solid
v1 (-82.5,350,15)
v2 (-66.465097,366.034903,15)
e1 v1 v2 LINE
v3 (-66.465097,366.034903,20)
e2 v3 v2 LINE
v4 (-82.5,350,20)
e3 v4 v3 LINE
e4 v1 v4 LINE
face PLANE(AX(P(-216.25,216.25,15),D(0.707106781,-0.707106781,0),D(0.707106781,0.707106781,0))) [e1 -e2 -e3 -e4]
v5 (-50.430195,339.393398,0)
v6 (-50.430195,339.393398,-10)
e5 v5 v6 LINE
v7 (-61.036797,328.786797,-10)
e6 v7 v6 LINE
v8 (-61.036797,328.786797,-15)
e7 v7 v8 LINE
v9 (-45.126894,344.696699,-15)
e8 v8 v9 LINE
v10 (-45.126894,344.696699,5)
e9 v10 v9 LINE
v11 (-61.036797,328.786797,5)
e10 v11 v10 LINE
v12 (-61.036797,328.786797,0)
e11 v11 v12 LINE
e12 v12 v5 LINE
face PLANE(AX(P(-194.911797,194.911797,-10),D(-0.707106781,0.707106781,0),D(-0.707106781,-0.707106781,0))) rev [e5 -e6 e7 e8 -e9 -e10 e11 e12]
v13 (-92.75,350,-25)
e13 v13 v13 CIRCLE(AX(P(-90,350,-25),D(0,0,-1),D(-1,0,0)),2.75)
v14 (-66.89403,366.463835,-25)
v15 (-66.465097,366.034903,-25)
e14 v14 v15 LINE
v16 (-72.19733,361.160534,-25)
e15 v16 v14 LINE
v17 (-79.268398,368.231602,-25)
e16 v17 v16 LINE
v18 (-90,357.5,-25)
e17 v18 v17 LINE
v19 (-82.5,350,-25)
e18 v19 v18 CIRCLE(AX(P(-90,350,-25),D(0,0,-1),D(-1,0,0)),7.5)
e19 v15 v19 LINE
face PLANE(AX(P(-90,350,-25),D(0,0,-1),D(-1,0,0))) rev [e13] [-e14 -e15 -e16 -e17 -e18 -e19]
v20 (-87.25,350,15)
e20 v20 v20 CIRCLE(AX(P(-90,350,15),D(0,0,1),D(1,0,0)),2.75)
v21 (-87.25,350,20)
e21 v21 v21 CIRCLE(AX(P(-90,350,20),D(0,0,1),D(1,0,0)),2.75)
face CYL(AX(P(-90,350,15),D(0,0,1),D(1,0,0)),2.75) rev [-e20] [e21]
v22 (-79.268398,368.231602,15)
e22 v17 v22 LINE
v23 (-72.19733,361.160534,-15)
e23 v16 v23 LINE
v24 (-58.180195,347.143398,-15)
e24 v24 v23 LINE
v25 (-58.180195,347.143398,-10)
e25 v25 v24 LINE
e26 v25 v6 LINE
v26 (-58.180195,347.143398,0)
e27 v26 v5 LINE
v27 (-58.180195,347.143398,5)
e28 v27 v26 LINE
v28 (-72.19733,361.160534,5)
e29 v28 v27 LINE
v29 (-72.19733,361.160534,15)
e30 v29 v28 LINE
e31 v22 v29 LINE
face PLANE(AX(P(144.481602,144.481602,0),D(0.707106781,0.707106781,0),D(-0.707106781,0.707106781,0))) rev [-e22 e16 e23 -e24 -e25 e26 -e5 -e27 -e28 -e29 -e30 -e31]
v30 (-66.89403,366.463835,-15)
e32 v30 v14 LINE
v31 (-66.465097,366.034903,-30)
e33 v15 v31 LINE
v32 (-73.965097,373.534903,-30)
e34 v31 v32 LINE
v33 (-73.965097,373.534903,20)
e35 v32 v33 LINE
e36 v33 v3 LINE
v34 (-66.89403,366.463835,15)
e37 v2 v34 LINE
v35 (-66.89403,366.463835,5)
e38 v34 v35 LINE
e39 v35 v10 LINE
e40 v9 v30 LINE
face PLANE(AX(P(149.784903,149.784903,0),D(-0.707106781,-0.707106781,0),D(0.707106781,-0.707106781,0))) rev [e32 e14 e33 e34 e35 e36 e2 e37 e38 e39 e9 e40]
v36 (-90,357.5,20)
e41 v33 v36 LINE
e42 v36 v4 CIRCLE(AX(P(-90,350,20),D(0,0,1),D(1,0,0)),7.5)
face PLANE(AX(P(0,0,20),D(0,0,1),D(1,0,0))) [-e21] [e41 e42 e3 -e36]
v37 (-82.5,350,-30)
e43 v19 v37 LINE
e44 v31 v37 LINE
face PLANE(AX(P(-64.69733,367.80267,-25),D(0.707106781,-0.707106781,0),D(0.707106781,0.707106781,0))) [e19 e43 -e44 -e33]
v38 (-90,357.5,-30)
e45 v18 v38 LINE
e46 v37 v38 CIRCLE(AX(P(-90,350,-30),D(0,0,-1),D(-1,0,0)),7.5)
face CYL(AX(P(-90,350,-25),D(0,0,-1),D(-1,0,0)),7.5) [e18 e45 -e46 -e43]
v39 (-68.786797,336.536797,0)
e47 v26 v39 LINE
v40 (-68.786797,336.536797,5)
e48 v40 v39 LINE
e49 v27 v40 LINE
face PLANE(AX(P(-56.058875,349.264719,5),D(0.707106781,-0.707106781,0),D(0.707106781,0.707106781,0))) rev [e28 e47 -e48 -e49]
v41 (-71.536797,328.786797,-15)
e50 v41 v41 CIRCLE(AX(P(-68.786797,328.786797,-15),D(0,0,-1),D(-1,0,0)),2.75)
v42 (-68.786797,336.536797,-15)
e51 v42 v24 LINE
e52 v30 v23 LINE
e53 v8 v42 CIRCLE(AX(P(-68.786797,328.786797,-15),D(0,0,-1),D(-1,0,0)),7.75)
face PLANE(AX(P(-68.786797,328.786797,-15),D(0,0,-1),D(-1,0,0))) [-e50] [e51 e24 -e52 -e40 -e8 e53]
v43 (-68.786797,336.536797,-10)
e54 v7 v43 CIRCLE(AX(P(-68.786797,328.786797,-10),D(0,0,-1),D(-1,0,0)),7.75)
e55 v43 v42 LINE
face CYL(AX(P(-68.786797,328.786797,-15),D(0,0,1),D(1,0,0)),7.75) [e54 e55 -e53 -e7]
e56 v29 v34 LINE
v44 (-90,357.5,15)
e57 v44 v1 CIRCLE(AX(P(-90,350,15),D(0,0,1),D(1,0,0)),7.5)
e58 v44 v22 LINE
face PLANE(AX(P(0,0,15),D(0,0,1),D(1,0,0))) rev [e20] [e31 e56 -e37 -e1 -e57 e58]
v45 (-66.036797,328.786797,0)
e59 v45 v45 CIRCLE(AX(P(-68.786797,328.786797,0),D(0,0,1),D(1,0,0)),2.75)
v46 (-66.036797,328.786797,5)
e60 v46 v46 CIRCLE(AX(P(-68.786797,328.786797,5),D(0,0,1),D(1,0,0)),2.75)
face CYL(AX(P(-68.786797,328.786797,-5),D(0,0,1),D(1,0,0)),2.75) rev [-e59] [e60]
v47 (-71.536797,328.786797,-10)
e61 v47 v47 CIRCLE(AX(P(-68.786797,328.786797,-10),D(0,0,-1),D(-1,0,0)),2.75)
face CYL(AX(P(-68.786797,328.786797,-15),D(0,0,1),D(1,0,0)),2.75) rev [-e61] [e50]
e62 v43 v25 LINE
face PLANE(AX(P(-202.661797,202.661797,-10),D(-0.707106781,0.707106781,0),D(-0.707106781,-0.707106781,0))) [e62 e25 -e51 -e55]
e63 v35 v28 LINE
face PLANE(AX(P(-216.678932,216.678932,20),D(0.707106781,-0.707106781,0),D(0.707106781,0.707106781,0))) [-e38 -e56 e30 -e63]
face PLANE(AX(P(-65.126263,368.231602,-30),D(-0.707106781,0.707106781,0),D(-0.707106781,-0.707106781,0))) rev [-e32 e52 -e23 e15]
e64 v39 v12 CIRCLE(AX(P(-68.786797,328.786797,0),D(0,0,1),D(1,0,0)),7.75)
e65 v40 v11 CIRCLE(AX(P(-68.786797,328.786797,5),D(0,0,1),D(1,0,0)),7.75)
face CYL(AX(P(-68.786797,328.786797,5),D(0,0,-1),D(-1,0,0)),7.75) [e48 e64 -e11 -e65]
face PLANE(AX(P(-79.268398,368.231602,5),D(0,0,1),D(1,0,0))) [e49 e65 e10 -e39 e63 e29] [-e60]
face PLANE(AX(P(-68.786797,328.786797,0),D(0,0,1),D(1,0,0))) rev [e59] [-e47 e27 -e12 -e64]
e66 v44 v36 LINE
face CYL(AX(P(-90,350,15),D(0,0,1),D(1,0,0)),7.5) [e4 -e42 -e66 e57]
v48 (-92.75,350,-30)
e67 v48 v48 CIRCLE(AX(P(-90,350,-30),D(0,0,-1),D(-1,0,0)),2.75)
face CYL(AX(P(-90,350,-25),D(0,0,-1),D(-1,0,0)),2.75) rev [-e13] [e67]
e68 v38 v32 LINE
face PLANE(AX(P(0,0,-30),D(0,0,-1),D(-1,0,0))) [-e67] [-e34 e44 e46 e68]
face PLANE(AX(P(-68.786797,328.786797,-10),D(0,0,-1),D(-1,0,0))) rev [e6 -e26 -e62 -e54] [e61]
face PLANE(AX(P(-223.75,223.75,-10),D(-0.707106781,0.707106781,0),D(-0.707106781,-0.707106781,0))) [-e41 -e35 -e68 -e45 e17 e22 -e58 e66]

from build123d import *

# Parameters (mm, degrees)
SKETCH1_R            = 7.75
SKETCH1_R_2          = 2.75
BOSS_EXTRUDE1_DEPTH  = 5
SKETCH2_R            = 7.75
SKETCH2_R_2          = 2.75
BOSS_EXTRUDE2_DEPTH  = 5
SKETCH3_R            = 7.5
SKETCH3_R_2          = 2.75
BOSS_EXTRUDE4_DEPTH  = 5
BOSS_EXTRUDE5_DEPTH  = 5
SKETCH6_W            = 20
SKETCH6_H            = 40.783378413
BOSS_EXTRUDE6_DEPTH  = 10
SKETCH7_R            = 2.75
CUT_EXTRUDE1_DEPTH   = 10
SKETCH9_R            = 2.75
CUT_EXTRUDE2_DEPTH   = 389.276117932
BOSS_EXTRUDE7_DEPTH  = 15
BOSS_EXTRUDE8_DEPTH  = 15
SKETCH12_R           = 7.5
SKETCH12_R_2         = 2.75
BOSS_EXTRUDE9_DEPTH  = 5
BOSS_EXTRUDE10_START = -5
SKETCH13_R           = 2.75
BOSS_EXTRUDE10_DEPTH = 5
CUT_EXTRUDE3_DEPTH   = 5
BOSS_EXTRUDE11_DEPTH = 2.5


with BuildPart() as part:
    # Sketch1 → Boss-Extrude1 (new body)
    with BuildSketch(Plane.XY):
        with Locations((-68.786796564, 328.786796564)):
            Circle(SKETCH1_R)
        with Locations((-68.786796564, 328.786796564)):
            Circle(SKETCH1_R_2, mode=Mode.SUBTRACT)
    extrude(amount=BOSS_EXTRUDE1_DEPTH)

    # Sketch4 → Boss-Extrude5 (add)
    with BuildSketch(Plane.XY):
        with BuildLine():
            Line((-61.036796564, 328.786796564), (-43.359127035, 346.464466094))
            Line((-43.359127035, 346.464466094), (-72.19733047, 375.30266953))
            Line((-72.19733047, 375.30266953), (-90, 357.5))
            ThreePointArc((-90, 357.5), (-95.303300859, 344.696699141), (-82.5, 350))
            Line((-82.5, 350), (-69.647077939, 362.852922061))
            Line((-69.647077939, 362.852922061), (-56.058874503, 349.264718626))
            Line((-56.058874503, 349.264718626), (-68.786796564, 336.536796564))
            ThreePointArc((-68.786796564, 336.536796564), (-74.266874119, 323.30671901), (-61.036796564, 328.786796564))
        make_face()
    extrude(amount=BOSS_EXTRUDE5_DEPTH)



with BuildPart() as body_2:
    # Sketch2 → Boss-Extrude2 (new body)
    with BuildSketch(Plane(origin=(0, 0, -10), x_dir=(-1, 0, 0), z_dir=(0, 0, -1))):
        with Locations((68.786796564, 328.786796564)):
            Circle(SKETCH2_R)
        with Locations((68.786796564, 328.786796564)):
            Circle(SKETCH2_R_2, mode=Mode.SUBTRACT)
    extrude(amount=BOSS_EXTRUDE2_DEPTH)

    # Sketch3 → Boss-Extrude4 (add)
    # profile 1 of 2: a face of its own
    with BuildSketch(Plane(origin=(0, 0, -15), x_dir=(-1, 0, 0), z_dir=(0, 0, -1))):
        with Locations((90, 350)):
            Circle(SKETCH3_R)
        with Locations((90, 350)):
            Circle(SKETCH3_R_2, mode=Mode.SUBTRACT)
    # profile 2 of 2: a face of its own
    with BuildSketch(Plane(origin=(0, 0, -15), x_dir=(-1, 0, 0), z_dir=(0, 0, -1))):
        with BuildLine():
            Line((43.359127035, 346.464466094), (61.036796564, 328.786796564))
            ThreePointArc((61.036796564, 328.786796564), (63.30671901, 334.266874119), (68.786796564, 336.536796564))
            Line((68.786796564, 336.536796564), (56.058874503, 349.264718626))
            Line((56.058874503, 349.264718626), (69.647077939, 362.852922061))
            Line((69.647077939, 362.852922061), (82.5, 350))
            ThreePointArc((82.5, 350), (84.696699141, 355.303300859), (90, 357.5))
            Line((90, 357.5), (72.19733047, 375.30266953))
            Line((72.19733047, 375.30266953), (43.359127035, 346.464466094))
        make_face()
    extrude(amount=-BOSS_EXTRUDE4_DEPTH)


with BuildPart() as part_1:
    add(part.part)

    add(body_2.part)  # Boss-Extrude6 merges body 2
    # Sketch6 → Boss-Extrude6 (add)
    with BuildSketch(Plane(origin=(151.55266953, 151.55266953, 0), x_dir=(0, 0, -1), z_dir=(0.7071067811865483, 0.7071067811865468, 0))):
        with Locations((5, 296.038595375)):
            Rectangle(SKETCH6_W, SKETCH6_H)
    extrude(amount=-BOSS_EXTRUDE6_DEPTH)

    # Sketch7 → Cut-Extrude1 (cut)
    with BuildSketch(Plane.XY.offset(5)):
        with Locations(Location((-68.786796564, 328.786796564, 0), (0, 0, 180))):
            Circle(SKETCH7_R)
        with Locations(Location((-90, 350, 0), (0, 0, 180))):
            Circle(SKETCH7_R)
    extrude(amount=-CUT_EXTRUDE1_DEPTH, mode=Mode.SUBTRACT)

    # Sketch9 → Cut-Extrude2 (cut, through all)
    with BuildSketch(Plane.XY.offset(5)):
        with BuildLine():
            Line((-82.5, 350), (-71.768398282, 360.731601718))
            Line((-71.768398282, 360.731601718), (-79.268398282, 368.231601718))
            Line((-79.268398282, 368.231601718), (-90, 357.5))
            ThreePointArc((-90, 357.5), (-95.303300859, 344.696699141), (-82.5, 350))
        make_face()
        with Locations((-90, 350)):
            Circle(SKETCH9_R, mode=Mode.SUBTRACT)
    extrude(amount=-CUT_EXTRUDE2_DEPTH, mode=Mode.SUBTRACT)

    # Sketch10 → Boss-Extrude7 (add)
    with BuildSketch(Plane.XY.offset(5)):
        Polygon((-72.19733047, 361.160533906), (-65.126262658, 368.231601718), (-72.19733047, 375.30266953), (-79.268398282, 368.231601718), align=None)
    extrude(amount=BOSS_EXTRUDE7_DEPTH)

    # Sketch11 → Boss-Extrude8 (add)
    with BuildSketch(Plane(origin=(0, 0, -15), x_dir=(-1, 0, 0), z_dir=(0, 0, -1))):
        Polygon((65.126262658, 368.231601718), (72.19733047, 361.160533906), (79.268398282, 368.231601718), (72.19733047, 375.30266953), align=None)
    extrude(amount=BOSS_EXTRUDE8_DEPTH)

    # Sketch12 → Boss-Extrude9 (add)
    # profile 1 of 3: a face of its own
    with BuildSketch(Plane.XY.offset(20)):
        with BuildLine():
            Line((-82.5, 350), (-71.768398282, 360.731601718))
            Line((-71.768398282, 360.731601718), (-72.19733047, 361.160533906))
            Line((-72.19733047, 361.160533906), (-79.268398282, 368.231601718))
            Line((-79.268398282, 368.231601718), (-90, 357.5))
            ThreePointArc((-90, 357.5), (-84.696699141, 355.303300859), (-82.5, 350))
        make_face()
    # profile 2 of 3: a face of its own
    with BuildSketch(Plane.XY.offset(20)):
        with Locations((-90, 350)):
            Circle(SKETCH12_R)
        with Locations((-90, 350)):
            Circle(SKETCH12_R_2, mode=Mode.SUBTRACT)
    # profile 3 of 3: a face of its own
    with BuildSketch(Plane.XY.offset(20)):
        Polygon((-72.19733047, 361.160533906), (-71.768398282, 360.731601718), (-64.69733047, 367.80266953), (-65.126262658, 368.231601718), align=None)
    extrude(amount=-BOSS_EXTRUDE9_DEPTH)

    # Sketch13 → Boss-Extrude10 (add)
    with BuildSketch(Plane(origin=(0, 0, -30), x_dir=(-1, 0, 0), z_dir=(0, 0, -1)).offset(BOSS_EXTRUDE10_START)):
        with BuildLine():
            Line((90, 357.5), (79.268398282, 368.231601718))
            Line((79.268398282, 368.231601718), (72.19733047, 361.160533906))
            Line((72.19733047, 361.160533906), (65.126262658, 368.231601718))
            Line((65.126262658, 368.231601718), (64.69733047, 367.80266953))
            Line((64.69733047, 367.80266953), (82.5, 350))
            ThreePointArc((82.5, 350), (95.303300859, 344.696699141), (90, 357.5))
        make_face()
        with Locations(Location((90, 350, 0), (0, 0, 180))):
            Circle(SKETCH13_R, mode=Mode.SUBTRACT)
    extrude(amount=BOSS_EXTRUDE10_DEPTH)

    # Sketch14 → Cut-Extrude3 (cut)
    with BuildSketch(Plane(origin=(151.55266953, 151.55266953, 0), x_dir=(0, 0, -1), z_dir=(0.7071067811865476, 0.7071067811865476, 0))):
        Polygon((-5, 275.646906168), (15, 275.646906168), (15, 306.430284581), (25, 306.430284581), (25, 305.823682863), (30, 305.823682863), (30, 316.430284581), (-20, 316.430284581), (-20, 305.823682863), (-15, 305.823682863), (-15, 306.430284581), (-5, 306.430284581), align=None)
    extrude(amount=-CUT_EXTRUDE3_DEPTH, mode=Mode.SUBTRACT)

    # Sketch15 → Boss-Extrude11 (add)
    with BuildSketch(Plane(origin=(148.017135624, 148.017135624, 0), x_dir=(0, 0, -1), z_dir=(0.7071067811865477, 0.7071067811865475, 0))):
        Polygon((-5, 306.430284581), (-5, 275.646906168), (15, 275.646906168), (15, 306.430284581), (25, 306.430284581), (25, 305.823682863), (30, 305.823682863), (30, 316.430284581), (-20, 316.430284581), (-20, 305.823682863), (-15, 305.823682863), (-15, 306.430284581), align=None)
    extrude(amount=BOSS_EXTRUDE11_DEPTH)


solid = part_1.part
